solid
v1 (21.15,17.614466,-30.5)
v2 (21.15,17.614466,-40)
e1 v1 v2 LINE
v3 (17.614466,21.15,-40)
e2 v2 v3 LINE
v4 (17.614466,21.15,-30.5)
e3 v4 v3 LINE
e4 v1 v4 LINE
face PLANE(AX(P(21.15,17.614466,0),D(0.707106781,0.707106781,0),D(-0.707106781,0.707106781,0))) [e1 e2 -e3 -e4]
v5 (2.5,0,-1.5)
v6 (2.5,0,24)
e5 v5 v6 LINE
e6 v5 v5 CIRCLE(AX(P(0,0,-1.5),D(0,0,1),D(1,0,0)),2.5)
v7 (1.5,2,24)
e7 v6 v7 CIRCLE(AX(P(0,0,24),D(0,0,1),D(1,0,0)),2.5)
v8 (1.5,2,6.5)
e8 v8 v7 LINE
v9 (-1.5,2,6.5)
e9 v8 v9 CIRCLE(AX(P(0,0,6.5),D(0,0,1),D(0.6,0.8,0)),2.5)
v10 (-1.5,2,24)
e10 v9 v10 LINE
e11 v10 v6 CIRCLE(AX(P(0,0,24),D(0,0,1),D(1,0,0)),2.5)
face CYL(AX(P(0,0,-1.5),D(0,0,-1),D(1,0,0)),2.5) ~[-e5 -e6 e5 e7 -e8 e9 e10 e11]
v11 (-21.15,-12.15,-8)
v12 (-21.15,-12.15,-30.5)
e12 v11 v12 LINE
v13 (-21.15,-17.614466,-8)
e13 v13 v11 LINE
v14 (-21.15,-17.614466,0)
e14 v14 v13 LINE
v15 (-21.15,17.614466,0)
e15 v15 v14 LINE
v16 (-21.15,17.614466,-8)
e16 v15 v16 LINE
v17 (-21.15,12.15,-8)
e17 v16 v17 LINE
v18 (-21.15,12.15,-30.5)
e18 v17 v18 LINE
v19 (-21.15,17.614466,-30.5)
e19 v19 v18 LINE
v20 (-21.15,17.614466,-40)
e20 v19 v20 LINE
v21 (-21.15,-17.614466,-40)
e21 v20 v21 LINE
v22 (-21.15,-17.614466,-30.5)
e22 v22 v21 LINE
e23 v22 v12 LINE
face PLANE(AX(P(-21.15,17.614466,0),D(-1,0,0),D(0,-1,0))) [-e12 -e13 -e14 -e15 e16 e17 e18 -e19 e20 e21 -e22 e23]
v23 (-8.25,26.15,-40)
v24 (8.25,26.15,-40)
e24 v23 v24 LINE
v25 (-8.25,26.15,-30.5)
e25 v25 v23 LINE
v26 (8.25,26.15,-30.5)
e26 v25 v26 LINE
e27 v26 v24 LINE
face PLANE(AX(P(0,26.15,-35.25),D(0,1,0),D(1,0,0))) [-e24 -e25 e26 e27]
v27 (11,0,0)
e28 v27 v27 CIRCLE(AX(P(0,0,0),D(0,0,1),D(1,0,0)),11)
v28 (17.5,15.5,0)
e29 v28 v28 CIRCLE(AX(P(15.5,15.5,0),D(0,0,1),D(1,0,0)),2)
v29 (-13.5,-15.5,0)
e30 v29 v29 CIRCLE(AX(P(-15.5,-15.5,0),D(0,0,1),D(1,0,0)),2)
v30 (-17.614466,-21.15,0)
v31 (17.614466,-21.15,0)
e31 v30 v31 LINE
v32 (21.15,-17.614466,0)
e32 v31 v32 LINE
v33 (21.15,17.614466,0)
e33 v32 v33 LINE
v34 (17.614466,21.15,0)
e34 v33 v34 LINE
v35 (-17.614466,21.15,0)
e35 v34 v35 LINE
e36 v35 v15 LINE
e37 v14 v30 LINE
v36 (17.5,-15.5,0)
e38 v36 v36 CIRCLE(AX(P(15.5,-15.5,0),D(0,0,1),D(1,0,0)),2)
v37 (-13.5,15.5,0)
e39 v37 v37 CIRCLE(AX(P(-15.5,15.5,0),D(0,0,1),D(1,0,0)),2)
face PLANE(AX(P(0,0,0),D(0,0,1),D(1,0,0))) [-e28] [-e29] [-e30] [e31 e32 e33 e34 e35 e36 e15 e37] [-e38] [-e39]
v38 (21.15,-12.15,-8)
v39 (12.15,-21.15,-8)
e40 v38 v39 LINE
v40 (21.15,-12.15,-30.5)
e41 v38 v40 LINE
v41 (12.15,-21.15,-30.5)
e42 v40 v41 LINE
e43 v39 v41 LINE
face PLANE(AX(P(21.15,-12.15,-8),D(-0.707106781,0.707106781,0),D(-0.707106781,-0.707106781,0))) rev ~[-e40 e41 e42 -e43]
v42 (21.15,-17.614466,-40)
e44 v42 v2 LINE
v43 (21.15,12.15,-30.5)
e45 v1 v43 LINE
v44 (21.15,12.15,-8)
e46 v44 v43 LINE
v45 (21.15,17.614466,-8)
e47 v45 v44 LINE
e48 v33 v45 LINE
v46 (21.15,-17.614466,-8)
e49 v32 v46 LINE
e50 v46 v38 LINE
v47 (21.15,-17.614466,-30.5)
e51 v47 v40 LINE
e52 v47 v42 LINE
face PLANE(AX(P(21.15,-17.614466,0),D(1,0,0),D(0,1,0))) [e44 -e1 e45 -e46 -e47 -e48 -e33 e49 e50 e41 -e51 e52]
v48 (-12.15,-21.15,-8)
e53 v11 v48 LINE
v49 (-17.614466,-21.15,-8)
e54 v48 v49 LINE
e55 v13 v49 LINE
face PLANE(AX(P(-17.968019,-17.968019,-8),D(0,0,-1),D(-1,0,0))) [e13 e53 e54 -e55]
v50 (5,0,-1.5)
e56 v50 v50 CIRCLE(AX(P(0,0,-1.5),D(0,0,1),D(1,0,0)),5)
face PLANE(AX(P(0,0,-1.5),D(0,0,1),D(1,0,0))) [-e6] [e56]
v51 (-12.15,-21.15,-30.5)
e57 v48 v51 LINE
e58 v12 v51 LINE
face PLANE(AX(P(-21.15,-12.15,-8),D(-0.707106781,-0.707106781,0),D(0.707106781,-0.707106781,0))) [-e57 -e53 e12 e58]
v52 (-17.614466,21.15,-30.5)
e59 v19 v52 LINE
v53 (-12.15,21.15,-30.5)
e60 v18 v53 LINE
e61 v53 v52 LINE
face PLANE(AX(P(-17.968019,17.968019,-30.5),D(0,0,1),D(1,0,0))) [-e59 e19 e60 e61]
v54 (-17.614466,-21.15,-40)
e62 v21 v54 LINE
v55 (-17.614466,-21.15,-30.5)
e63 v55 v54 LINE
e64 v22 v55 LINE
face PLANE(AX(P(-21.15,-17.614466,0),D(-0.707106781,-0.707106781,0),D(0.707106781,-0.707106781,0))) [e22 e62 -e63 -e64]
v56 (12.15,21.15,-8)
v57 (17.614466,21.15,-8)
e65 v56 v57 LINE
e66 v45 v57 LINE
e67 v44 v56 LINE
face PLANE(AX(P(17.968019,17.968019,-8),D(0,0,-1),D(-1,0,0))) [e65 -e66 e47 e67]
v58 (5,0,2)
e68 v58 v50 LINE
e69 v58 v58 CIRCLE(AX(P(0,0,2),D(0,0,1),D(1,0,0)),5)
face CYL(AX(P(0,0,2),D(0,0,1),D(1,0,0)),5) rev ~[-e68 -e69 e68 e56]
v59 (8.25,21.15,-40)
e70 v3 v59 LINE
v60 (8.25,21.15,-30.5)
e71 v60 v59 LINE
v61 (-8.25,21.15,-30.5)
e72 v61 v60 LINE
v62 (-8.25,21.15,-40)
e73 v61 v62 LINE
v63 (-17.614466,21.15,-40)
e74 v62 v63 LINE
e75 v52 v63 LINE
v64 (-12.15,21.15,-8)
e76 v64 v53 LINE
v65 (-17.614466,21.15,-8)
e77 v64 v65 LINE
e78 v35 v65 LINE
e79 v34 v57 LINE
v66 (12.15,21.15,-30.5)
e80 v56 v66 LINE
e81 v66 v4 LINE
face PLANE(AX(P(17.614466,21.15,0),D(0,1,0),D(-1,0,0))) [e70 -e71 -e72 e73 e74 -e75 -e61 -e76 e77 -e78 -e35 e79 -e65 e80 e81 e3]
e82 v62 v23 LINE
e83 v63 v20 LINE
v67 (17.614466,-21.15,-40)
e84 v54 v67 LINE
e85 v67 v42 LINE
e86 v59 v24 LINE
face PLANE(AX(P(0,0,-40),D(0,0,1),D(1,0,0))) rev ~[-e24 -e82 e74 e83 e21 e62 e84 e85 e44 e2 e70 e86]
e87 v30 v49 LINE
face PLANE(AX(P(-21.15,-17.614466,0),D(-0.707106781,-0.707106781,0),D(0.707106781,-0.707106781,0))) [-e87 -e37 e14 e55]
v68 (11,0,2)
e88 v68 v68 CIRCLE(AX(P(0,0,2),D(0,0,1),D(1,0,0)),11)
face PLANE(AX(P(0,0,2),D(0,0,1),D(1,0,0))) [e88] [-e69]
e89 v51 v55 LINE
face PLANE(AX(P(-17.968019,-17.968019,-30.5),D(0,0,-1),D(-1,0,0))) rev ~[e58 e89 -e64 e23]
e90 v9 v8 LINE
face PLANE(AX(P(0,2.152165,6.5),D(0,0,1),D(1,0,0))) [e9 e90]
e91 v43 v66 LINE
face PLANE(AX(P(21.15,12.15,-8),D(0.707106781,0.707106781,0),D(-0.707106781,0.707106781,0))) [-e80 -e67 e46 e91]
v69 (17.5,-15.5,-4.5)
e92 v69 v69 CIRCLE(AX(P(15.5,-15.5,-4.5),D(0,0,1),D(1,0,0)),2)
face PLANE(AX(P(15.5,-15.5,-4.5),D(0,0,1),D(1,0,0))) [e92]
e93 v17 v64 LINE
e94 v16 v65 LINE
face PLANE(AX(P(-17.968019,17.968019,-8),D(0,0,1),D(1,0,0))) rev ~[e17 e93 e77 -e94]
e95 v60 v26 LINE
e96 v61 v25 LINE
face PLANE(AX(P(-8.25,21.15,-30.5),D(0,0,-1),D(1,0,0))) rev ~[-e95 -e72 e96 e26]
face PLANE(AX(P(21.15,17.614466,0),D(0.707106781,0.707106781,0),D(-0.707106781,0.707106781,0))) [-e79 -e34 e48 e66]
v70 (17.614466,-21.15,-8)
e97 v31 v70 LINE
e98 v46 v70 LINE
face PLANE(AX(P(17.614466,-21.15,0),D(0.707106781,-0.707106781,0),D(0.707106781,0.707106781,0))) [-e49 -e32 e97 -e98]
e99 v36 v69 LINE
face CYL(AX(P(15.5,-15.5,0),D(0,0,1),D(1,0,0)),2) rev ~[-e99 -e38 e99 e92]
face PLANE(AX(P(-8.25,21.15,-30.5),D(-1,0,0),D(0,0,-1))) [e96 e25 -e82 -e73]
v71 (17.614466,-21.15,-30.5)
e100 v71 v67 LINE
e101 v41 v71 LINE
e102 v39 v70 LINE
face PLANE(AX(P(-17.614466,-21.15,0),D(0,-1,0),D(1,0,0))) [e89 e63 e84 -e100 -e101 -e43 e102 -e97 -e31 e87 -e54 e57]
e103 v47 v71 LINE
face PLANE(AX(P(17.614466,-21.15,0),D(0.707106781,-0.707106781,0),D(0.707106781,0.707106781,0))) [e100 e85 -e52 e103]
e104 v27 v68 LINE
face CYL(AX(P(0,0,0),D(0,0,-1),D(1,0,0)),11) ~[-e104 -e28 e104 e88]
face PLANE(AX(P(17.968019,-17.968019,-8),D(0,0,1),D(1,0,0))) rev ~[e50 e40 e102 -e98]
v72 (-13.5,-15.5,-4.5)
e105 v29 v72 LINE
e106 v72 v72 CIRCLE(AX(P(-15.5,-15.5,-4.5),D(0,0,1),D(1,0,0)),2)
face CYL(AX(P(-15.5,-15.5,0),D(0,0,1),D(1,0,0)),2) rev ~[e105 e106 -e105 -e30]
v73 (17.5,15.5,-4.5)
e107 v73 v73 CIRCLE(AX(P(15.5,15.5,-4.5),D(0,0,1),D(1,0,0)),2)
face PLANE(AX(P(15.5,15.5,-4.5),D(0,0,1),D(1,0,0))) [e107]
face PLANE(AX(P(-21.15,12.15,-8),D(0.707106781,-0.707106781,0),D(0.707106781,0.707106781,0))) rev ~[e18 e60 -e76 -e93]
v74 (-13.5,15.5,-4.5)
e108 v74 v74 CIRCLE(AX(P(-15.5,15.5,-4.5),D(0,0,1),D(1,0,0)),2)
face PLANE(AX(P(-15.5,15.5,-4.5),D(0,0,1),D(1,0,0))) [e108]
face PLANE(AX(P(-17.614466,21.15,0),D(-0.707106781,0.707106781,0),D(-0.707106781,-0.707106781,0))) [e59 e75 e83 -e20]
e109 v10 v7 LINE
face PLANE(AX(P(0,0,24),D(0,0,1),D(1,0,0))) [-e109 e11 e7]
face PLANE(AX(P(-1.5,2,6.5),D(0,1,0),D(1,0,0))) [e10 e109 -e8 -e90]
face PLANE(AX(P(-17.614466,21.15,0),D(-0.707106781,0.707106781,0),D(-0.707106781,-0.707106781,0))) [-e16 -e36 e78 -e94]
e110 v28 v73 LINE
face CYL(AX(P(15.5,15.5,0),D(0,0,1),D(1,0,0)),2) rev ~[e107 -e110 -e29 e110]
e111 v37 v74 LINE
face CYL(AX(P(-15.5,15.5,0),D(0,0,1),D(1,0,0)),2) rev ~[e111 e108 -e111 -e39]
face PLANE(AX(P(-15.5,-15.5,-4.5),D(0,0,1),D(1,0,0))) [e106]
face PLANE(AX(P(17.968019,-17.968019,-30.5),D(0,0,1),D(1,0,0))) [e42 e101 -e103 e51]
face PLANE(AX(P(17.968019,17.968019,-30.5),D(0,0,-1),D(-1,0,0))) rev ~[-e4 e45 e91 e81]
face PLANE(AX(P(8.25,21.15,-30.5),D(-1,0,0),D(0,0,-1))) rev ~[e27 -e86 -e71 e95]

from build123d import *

# Parameters (mm, degrees)
SALIENTE_EXTRUIR1_DEPTH = 40
CROQUIS2_R              = 11
SALIENTE_EXTRUIR2_DEPTH = 2
CROQUIS3_R              = 5
CORTAR_EXTRUIR1_DEPTH   = 3.5
CROQUIS4_R              = 2.5
SALIENTE_EXTRUIR3_DEPTH = 25.5
CROQUIS5_R              = 2
CORTAR_EXTRUIR2_DEPTH   = 4.5
CORTAR_EXTRUIR3_START   = -17.5
CORTAR_EXTRUIR3_DEPTH   = 17.5
CORTAR_EXTRUIR4_START   = -8
CORTAR_EXTRUIR4_DEPTH   = 22.5
CROQUIS8_W              = 16.5
CROQUIS8_H              = 9.5
SALIENTE_EXTRUIR4_DEPTH = 5


with BuildPart() as part:
    # Croquis1 → Saliente-Extruir1 (new body)
    with BuildSketch(Plane.XY):
        Polygon((-17.614466094, -21.15), (17.614466094, -21.15), (21.15, -17.614466094), (21.15, 17.614466094), (17.614466094, 21.15), (-17.614466094, 21.15), (-21.15, 17.614466094), (-21.15, -17.614466094), align=None)
    extrude(amount=-SALIENTE_EXTRUIR1_DEPTH)

    # Croquis2 → Saliente-Extruir2 (add)
    with BuildSketch(Plane.XY):
        Circle(CROQUIS2_R)
    extrude(amount=SALIENTE_EXTRUIR2_DEPTH)

    # Croquis3 → Cortar-Extruir1 (cut)
    with BuildSketch(Plane.XY.offset(2)):
        Circle(CROQUIS3_R)
    extrude(amount=-CORTAR_EXTRUIR1_DEPTH, mode=Mode.SUBTRACT)

    # Croquis4 → Saliente-Extruir3 (add)
    with BuildSketch(Plane.XY.offset(-1.5)):
        Circle(CROQUIS4_R)
    extrude(amount=SALIENTE_EXTRUIR3_DEPTH)

    # Croquis5 → Cortar-Extruir2 (cut)
    with BuildSketch(Plane.XY):
        with Locations((-15.5, 15.5)):
            Circle(CROQUIS5_R)
        with Locations((15.5, 15.5)):
            Circle(CROQUIS5_R)
        with Locations((15.5, -15.5)):
            Circle(CROQUIS5_R)
        with Locations((-15.5, -15.5)):
            Circle(CROQUIS5_R)
    extrude(amount=-CORTAR_EXTRUIR2_DEPTH, mode=Mode.SUBTRACT)

    # Croquis6 → Cortar-Extruir3 (cut)
    with BuildSketch(Plane.XY.offset(24).offset(CORTAR_EXTRUIR3_START)):
        with BuildLine():
            Line((-1.5, 2), (1.5, 2))
            ThreePointArc((1.5, 2), (0, 2.5), (-1.5, 2))
        make_face()
    extrude(amount=CORTAR_EXTRUIR3_DEPTH, mode=Mode.SUBTRACT)

    # Croquis7 → Cortar-Extruir4 (cut)
    with BuildSketch(Plane.XY.offset(CORTAR_EXTRUIR4_START)):
        Polygon((-21.15, 12.15), (-12.15, 21.15), (-21.15, 21.15), align=None)
        Polygon((21.15, 21.15), (21.15, 12.15), (12.15, 21.15), align=None)
        Polygon((21.15, -21.15), (21.15, -12.15), (12.15, -21.15), align=None)
        Polygon((-21.15, -12.15), (-12.15, -21.15), (-21.15, -21.15), align=None)
    extrude(amount=-CORTAR_EXTRUIR4_DEPTH, mode=Mode.SUBTRACT)

    # Croquis8 → Saliente-Extruir4 (add)
    with BuildSketch(Plane(origin=(0, 21.15, 0), x_dir=(1, 0, 0), z_dir=(0, 1, 0))):
        with Locations((0, 35.25)):
            Rectangle(CROQUIS8_W, CROQUIS8_H)
    extrude(amount=SALIENTE_EXTRUIR4_DEPTH)


solid = part.part
